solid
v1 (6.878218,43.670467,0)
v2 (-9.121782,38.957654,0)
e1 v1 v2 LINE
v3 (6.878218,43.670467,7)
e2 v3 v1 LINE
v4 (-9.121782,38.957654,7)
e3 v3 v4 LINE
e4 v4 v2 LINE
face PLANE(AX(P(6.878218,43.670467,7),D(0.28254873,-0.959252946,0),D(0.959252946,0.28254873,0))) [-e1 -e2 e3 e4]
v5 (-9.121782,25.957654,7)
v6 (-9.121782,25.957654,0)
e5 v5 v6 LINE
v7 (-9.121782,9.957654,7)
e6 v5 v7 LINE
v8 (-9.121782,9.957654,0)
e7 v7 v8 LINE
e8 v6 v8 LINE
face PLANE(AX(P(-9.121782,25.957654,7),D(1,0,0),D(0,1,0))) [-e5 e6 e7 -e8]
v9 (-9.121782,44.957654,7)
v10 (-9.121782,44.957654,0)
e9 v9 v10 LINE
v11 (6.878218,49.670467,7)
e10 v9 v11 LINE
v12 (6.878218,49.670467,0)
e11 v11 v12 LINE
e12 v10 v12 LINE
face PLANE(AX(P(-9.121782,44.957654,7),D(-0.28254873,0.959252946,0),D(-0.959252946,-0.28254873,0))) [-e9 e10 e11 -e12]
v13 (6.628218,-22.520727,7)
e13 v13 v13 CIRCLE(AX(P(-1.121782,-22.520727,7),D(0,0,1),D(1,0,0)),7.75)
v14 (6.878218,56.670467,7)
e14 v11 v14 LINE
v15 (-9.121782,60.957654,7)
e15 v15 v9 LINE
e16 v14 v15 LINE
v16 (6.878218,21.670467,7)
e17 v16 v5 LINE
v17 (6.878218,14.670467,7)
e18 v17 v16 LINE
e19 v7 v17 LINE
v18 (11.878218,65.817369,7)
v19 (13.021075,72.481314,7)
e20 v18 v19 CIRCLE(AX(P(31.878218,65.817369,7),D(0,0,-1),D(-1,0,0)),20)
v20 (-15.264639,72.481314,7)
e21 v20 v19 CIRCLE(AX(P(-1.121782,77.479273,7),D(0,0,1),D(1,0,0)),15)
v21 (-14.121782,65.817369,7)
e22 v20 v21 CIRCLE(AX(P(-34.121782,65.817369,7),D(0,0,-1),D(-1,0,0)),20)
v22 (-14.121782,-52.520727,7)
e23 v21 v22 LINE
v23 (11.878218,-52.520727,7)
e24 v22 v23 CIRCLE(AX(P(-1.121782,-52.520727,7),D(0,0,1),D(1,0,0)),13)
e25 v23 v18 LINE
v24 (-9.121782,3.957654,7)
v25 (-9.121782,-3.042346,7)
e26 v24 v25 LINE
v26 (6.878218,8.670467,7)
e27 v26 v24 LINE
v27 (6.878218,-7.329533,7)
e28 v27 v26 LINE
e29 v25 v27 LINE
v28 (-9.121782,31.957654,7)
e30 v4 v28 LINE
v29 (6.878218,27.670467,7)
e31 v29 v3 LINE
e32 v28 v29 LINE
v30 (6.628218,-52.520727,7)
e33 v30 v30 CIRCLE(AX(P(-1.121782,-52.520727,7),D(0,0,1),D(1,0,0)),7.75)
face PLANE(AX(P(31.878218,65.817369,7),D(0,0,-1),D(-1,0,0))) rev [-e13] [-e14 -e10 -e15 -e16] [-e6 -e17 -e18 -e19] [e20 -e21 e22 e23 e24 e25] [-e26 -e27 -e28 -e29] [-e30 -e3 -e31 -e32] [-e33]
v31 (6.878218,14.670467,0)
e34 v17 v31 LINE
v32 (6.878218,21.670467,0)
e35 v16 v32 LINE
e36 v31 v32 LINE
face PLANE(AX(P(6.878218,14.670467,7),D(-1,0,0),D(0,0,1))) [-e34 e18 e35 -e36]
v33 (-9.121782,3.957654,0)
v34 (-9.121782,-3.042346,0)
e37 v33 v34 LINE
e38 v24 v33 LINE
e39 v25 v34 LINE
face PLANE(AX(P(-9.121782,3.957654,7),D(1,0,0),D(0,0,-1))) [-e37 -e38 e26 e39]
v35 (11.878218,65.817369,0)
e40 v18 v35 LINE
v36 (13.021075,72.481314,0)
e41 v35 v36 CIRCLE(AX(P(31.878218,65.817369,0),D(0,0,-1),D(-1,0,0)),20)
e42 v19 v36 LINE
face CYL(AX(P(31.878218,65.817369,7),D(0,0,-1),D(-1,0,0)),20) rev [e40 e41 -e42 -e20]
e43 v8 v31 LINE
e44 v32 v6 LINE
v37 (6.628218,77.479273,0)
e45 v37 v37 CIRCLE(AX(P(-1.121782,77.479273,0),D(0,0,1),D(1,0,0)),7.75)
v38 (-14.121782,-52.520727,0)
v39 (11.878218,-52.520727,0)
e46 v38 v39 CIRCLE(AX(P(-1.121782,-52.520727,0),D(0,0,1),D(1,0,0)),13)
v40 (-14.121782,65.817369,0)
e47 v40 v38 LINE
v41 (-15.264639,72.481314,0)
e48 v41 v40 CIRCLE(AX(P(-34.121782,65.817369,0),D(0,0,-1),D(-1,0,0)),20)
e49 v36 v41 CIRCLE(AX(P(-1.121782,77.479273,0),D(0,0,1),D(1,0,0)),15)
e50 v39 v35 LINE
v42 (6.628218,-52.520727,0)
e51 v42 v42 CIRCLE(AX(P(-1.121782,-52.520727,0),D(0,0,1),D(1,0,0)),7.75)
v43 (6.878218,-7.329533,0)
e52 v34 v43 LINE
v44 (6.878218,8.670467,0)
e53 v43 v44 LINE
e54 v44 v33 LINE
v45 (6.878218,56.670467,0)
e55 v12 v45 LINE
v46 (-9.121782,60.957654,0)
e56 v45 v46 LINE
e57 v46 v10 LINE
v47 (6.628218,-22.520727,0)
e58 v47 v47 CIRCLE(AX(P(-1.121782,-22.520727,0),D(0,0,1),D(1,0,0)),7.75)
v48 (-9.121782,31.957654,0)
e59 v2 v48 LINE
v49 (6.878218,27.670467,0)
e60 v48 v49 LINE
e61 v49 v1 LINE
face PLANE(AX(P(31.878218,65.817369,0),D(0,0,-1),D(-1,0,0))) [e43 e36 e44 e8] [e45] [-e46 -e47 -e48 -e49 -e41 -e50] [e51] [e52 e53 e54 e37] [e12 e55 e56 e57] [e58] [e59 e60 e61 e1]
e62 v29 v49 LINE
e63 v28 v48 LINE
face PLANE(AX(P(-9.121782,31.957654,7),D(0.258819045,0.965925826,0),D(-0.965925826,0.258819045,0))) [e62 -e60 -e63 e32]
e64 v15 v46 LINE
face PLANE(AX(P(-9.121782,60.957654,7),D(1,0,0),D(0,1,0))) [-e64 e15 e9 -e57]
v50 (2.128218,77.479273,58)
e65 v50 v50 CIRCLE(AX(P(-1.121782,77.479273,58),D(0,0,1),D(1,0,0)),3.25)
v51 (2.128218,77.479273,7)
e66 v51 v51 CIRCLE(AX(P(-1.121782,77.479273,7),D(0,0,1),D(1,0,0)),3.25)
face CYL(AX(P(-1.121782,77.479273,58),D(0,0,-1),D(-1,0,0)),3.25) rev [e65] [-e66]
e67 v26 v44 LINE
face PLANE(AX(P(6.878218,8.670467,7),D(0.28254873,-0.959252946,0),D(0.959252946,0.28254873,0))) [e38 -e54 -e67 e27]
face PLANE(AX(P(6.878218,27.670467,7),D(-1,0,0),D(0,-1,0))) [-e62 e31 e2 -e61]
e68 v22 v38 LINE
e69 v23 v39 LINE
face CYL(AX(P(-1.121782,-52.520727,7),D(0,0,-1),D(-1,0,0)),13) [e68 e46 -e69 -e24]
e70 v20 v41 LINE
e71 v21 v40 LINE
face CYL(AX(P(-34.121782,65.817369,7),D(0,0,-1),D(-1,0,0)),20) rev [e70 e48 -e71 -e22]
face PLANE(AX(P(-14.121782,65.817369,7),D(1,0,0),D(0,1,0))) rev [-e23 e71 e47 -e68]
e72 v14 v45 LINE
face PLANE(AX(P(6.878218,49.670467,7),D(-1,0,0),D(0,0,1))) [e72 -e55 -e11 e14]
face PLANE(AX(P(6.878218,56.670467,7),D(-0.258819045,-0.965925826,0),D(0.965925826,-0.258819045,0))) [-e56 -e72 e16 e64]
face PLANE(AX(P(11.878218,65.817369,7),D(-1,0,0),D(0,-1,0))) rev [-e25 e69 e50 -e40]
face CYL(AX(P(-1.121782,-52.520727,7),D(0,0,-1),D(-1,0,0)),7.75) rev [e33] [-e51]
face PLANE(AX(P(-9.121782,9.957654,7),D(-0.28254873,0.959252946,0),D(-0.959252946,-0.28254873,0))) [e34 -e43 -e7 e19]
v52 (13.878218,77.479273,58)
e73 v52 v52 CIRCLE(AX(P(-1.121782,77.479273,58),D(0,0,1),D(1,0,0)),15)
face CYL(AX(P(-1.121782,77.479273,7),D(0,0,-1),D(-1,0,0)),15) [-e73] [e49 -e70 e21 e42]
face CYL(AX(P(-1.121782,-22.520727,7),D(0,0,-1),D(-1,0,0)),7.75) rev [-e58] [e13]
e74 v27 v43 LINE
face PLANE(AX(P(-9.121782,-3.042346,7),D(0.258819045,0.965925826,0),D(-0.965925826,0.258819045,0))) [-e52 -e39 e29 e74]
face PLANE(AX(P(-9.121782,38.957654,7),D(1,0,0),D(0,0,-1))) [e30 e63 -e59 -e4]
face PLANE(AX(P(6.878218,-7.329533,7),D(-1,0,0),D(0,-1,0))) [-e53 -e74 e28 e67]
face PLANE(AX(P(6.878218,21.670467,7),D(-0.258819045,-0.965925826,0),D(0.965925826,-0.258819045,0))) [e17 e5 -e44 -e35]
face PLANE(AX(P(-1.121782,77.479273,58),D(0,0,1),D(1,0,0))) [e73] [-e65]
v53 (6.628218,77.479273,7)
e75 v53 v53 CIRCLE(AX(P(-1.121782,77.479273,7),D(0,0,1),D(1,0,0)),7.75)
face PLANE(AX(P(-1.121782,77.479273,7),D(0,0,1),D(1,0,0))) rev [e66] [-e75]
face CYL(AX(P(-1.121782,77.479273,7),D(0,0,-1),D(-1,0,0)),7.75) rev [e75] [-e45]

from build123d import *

# Parameters (mm, degrees)
SKETCH1_R           = 7.75
BOSS_EXTRUDE1_DEPTH = 7
SKETCH2_R           = 15
SKETCH2_R_2         = 3.25
BOSS_EXTRUDE2_DEPTH = 51


with BuildPart() as part:
    # Sketch1 → Boss-Extrude1 (new body)
    with BuildSketch(Plane.XY):
        with BuildLine():
            Line((-14.121781939, 65.817369233), (-14.121781939, -52.520726978))
            ThreePointArc((-14.121781939, -52.520726978), (-1.121781939, -65.520726978), (11.878218061, -52.520726978))
            Line((11.878218061, -52.520726978), (11.878218061, 65.817369233))
            ThreePointArc((11.878218061, 65.817369233), (12.166002849, 69.197986251), (13.021075204, 72.481314255))
            ThreePointArc((13.021075204, 72.481314255), (-1.121781939, 92.479273022), (-15.264639082, 72.481314255))
            ThreePointArc((-15.264639082, 72.481314255), (-14.409566727, 69.197986251), (-14.121781939, 65.817369233))
        make_face()
        with Locations((-1.121781939, -52.520726978)):
            Circle(SKETCH1_R, mode=Mode.SUBTRACT)
        with Locations((-1.121781939, -22.520726978)):
            Circle(SKETCH1_R, mode=Mode.SUBTRACT)
        with Locations((-1.121781939, 77.479273022)):
            Circle(SKETCH1_R, mode=Mode.SUBTRACT)
        Polygon((-9.121781939, 3.957653989), (-9.121781939, -3.042346011), (6.878218061, -7.32953309), (6.878218061, 8.67046691), align=None, mode=Mode.SUBTRACT)
        Polygon((-9.121781939, 31.957653989), (6.878218061, 27.67046691), (6.878218061, 43.67046691), (-9.121781939, 38.957653989), align=None, mode=Mode.SUBTRACT)
        Polygon((6.878218061, 56.67046691), (-9.121781939, 60.957653989), (-9.121781939, 44.957653989), (6.878218061, 49.67046691), align=None, mode=Mode.SUBTRACT)
        Polygon((-9.121781939, 9.957653989), (6.878218061, 14.67046691), (6.878218061, 21.67046691), (-9.121781939, 25.957653989), align=None, mode=Mode.SUBTRACT)
    extrude(amount=BOSS_EXTRUDE1_DEPTH)

    # Sketch2 → Boss-Extrude2 (add)
    with BuildSketch(Plane.XY.offset(7)):
        with Locations(Location((-1.121781939, 77.479273022, 0), (0, 0, 199.462950946))):
            Circle(SKETCH2_R)
        with Locations((-1.121781939, 77.479273022)):
            Circle(SKETCH2_R_2, mode=Mode.SUBTRACT)
    extrude(amount=BOSS_EXTRUDE2_DEPTH)


solid = part.part
